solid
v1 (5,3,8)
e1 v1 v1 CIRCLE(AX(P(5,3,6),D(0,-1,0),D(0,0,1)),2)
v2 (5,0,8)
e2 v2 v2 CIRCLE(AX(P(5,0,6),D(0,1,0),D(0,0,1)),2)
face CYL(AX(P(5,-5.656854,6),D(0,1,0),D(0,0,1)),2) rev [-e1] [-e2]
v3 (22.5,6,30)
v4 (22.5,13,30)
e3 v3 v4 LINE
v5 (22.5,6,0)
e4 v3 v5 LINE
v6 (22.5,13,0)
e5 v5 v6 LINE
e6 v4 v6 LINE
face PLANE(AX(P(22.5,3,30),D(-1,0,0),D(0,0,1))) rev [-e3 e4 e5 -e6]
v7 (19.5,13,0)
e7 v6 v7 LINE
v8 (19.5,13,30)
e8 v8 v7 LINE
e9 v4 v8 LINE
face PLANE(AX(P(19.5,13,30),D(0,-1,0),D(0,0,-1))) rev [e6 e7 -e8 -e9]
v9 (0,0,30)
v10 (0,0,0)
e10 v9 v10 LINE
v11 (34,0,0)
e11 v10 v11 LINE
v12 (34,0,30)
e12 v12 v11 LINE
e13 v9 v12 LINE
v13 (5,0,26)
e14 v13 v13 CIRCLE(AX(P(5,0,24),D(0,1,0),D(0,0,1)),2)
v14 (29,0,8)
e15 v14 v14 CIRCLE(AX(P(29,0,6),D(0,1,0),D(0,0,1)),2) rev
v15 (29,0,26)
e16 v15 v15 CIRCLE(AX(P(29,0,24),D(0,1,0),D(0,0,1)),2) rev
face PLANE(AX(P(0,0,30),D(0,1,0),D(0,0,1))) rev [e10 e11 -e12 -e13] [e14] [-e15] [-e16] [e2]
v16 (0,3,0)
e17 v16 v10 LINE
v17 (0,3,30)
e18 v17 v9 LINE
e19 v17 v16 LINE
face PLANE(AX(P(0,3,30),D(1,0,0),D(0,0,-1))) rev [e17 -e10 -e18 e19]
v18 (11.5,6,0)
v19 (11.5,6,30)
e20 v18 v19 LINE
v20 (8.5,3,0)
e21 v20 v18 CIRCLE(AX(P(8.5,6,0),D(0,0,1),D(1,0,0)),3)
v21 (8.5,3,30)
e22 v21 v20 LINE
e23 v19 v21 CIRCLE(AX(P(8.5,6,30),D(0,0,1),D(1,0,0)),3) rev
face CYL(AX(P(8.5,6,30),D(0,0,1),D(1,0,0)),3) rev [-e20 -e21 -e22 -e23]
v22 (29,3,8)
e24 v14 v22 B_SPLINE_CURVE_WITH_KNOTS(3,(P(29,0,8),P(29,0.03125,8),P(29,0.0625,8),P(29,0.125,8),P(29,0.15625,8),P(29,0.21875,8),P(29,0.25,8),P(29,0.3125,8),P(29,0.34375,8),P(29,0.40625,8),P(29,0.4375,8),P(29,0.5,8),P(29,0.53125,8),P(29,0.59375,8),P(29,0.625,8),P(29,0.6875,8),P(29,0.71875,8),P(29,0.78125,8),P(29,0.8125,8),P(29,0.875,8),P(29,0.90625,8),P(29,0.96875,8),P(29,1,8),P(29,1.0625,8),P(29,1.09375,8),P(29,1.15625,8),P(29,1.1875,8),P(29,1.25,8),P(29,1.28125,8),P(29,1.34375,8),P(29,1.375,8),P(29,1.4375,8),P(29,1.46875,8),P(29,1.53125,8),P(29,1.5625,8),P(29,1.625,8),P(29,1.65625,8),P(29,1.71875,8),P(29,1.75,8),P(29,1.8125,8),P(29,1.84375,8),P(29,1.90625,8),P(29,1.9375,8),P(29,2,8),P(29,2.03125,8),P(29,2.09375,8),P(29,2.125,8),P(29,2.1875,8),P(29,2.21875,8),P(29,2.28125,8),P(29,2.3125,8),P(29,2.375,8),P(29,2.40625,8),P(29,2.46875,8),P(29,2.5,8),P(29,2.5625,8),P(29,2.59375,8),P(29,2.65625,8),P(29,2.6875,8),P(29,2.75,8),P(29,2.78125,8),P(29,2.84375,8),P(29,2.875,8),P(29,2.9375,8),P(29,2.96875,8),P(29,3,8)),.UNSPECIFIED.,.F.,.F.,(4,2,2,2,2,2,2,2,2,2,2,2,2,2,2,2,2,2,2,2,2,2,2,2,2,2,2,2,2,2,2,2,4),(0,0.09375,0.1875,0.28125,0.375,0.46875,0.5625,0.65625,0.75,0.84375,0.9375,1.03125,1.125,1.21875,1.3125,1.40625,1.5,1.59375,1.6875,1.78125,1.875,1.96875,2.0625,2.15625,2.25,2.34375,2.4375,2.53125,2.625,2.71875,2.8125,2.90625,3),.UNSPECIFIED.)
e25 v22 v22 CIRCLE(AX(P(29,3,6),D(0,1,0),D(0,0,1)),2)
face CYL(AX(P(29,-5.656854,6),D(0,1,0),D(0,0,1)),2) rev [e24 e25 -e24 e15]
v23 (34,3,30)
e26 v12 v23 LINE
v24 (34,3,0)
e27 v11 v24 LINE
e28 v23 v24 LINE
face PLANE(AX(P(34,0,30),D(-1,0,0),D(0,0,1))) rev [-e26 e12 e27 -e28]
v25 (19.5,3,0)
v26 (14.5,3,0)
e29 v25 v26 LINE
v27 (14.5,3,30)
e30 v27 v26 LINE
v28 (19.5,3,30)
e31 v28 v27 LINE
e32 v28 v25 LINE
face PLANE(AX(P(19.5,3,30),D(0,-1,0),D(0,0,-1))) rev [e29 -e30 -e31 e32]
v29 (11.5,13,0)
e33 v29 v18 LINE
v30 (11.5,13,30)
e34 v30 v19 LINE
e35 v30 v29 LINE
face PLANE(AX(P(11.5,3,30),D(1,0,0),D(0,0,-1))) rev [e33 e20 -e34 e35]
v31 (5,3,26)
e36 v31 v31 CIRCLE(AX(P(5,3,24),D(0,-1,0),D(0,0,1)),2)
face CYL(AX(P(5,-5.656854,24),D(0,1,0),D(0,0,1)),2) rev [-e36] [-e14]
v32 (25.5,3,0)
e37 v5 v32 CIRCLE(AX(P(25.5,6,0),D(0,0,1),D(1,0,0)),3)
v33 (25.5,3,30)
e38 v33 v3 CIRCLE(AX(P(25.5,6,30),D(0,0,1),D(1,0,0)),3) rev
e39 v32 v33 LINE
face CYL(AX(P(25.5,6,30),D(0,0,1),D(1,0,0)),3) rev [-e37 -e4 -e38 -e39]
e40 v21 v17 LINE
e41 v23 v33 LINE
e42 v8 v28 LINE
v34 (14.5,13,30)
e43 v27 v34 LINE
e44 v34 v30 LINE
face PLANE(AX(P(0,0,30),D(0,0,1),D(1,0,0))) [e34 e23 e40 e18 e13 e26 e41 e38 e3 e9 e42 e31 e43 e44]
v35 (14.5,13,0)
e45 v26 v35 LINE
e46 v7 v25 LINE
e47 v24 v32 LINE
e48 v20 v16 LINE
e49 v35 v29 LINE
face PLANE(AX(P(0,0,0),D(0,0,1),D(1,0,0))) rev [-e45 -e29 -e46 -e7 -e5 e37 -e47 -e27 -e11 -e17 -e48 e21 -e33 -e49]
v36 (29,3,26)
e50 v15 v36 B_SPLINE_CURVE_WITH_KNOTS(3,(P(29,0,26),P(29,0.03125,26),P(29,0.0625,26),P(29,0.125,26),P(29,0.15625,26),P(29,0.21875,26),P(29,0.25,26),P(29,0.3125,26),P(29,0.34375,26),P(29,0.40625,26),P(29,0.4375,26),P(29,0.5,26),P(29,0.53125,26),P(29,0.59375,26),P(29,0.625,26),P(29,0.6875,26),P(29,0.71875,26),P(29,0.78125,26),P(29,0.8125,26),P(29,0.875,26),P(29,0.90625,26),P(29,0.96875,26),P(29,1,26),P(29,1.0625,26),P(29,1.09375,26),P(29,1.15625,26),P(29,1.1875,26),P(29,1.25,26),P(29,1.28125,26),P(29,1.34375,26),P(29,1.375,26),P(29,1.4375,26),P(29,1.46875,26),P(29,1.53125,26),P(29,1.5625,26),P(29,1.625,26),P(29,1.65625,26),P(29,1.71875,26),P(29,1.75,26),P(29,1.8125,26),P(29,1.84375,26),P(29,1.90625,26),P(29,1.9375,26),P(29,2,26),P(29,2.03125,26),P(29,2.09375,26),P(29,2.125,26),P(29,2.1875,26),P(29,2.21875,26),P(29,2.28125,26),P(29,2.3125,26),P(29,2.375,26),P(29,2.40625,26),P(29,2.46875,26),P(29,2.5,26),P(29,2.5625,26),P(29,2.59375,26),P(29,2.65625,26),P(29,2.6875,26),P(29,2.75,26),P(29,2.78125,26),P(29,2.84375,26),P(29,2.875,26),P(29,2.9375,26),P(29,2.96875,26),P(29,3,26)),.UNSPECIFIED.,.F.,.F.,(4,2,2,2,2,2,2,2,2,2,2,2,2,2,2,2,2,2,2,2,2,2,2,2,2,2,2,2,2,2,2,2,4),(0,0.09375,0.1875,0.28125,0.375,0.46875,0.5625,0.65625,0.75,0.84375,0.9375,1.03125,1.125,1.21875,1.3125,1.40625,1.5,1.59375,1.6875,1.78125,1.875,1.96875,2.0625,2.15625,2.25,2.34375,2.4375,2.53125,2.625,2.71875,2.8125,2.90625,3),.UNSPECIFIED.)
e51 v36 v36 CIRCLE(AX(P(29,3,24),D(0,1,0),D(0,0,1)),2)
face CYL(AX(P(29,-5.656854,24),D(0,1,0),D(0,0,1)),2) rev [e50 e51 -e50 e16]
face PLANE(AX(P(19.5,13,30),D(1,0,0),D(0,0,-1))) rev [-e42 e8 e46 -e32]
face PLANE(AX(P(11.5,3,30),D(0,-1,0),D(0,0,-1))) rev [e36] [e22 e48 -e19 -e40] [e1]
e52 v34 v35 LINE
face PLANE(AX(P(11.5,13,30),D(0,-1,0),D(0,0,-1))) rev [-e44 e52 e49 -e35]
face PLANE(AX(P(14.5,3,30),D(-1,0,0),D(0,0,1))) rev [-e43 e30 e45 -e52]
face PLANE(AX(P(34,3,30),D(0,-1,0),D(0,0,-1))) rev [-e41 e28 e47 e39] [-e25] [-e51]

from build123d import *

# Parameters (mm, degrees)
BOSS_EXTRUDE1_DEPTH = 30
SKETCH2_R           = 2
CUT_EXTRUDE1_DEPTH  = 3
FILLET1_R           = 3


with BuildPart() as part:
    # Sketch1 → Boss-Extrude1 (new body)
    with BuildSketch(Plane(origin=(-298.953701388, 67.353578403, 0), x_dir=(1, 0, 0), z_dir=(0, 0, 1))):
        Polygon((318.453701388, -54.353578403), (318.453701388, -64.353578403), (313.453701388, -64.353578403), (313.453701388, -54.353578403), (310.453701388, -54.353578403), (310.453701388, -64.353578403), (298.953701388, -64.353578403), (298.953701388, -67.353578403), (332.953701388, -67.353578403), (332.953701388, -64.353578403), (321.453701388, -64.353578403), (321.453701388, -54.353578403), align=None)
    extrude(amount=BOSS_EXTRUDE1_DEPTH)

    # Sketch2 → Cut-Extrude1 (cut)
    with BuildSketch(Plane(origin=(0, 3, 0), x_dir=(1, 0, 0), z_dir=(0, 1, 0))):
        with Locations(Location((29, -6, 0), (0, 0, 270))):
            Circle(SKETCH2_R)
        with Locations(Location((29, -24, 0), (0, 0, 270))):
            Circle(SKETCH2_R)
    cut_extrude1 = extrude(amount=-CUT_EXTRUDE1_DEPTH, mode=Mode.SUBTRACT)

    # Mirror1: Cut-Extrude1 across plane
    add(cut_extrude1.mirror(Plane(origin=(17, 0, 0), x_dir=(0, 0, 1), z_dir=(1, 0, 0))), mode=Mode.SUBTRACT)

    # Fillet1
    fillet1_edges = [part.edges().sort_by_distance(p)[0] for p in [
        (11.5, 3, 15),
        (22.5, 3, 15),
    ]]
    fillet(fillet1_edges, radius=FILLET1_R)


solid = part.part
